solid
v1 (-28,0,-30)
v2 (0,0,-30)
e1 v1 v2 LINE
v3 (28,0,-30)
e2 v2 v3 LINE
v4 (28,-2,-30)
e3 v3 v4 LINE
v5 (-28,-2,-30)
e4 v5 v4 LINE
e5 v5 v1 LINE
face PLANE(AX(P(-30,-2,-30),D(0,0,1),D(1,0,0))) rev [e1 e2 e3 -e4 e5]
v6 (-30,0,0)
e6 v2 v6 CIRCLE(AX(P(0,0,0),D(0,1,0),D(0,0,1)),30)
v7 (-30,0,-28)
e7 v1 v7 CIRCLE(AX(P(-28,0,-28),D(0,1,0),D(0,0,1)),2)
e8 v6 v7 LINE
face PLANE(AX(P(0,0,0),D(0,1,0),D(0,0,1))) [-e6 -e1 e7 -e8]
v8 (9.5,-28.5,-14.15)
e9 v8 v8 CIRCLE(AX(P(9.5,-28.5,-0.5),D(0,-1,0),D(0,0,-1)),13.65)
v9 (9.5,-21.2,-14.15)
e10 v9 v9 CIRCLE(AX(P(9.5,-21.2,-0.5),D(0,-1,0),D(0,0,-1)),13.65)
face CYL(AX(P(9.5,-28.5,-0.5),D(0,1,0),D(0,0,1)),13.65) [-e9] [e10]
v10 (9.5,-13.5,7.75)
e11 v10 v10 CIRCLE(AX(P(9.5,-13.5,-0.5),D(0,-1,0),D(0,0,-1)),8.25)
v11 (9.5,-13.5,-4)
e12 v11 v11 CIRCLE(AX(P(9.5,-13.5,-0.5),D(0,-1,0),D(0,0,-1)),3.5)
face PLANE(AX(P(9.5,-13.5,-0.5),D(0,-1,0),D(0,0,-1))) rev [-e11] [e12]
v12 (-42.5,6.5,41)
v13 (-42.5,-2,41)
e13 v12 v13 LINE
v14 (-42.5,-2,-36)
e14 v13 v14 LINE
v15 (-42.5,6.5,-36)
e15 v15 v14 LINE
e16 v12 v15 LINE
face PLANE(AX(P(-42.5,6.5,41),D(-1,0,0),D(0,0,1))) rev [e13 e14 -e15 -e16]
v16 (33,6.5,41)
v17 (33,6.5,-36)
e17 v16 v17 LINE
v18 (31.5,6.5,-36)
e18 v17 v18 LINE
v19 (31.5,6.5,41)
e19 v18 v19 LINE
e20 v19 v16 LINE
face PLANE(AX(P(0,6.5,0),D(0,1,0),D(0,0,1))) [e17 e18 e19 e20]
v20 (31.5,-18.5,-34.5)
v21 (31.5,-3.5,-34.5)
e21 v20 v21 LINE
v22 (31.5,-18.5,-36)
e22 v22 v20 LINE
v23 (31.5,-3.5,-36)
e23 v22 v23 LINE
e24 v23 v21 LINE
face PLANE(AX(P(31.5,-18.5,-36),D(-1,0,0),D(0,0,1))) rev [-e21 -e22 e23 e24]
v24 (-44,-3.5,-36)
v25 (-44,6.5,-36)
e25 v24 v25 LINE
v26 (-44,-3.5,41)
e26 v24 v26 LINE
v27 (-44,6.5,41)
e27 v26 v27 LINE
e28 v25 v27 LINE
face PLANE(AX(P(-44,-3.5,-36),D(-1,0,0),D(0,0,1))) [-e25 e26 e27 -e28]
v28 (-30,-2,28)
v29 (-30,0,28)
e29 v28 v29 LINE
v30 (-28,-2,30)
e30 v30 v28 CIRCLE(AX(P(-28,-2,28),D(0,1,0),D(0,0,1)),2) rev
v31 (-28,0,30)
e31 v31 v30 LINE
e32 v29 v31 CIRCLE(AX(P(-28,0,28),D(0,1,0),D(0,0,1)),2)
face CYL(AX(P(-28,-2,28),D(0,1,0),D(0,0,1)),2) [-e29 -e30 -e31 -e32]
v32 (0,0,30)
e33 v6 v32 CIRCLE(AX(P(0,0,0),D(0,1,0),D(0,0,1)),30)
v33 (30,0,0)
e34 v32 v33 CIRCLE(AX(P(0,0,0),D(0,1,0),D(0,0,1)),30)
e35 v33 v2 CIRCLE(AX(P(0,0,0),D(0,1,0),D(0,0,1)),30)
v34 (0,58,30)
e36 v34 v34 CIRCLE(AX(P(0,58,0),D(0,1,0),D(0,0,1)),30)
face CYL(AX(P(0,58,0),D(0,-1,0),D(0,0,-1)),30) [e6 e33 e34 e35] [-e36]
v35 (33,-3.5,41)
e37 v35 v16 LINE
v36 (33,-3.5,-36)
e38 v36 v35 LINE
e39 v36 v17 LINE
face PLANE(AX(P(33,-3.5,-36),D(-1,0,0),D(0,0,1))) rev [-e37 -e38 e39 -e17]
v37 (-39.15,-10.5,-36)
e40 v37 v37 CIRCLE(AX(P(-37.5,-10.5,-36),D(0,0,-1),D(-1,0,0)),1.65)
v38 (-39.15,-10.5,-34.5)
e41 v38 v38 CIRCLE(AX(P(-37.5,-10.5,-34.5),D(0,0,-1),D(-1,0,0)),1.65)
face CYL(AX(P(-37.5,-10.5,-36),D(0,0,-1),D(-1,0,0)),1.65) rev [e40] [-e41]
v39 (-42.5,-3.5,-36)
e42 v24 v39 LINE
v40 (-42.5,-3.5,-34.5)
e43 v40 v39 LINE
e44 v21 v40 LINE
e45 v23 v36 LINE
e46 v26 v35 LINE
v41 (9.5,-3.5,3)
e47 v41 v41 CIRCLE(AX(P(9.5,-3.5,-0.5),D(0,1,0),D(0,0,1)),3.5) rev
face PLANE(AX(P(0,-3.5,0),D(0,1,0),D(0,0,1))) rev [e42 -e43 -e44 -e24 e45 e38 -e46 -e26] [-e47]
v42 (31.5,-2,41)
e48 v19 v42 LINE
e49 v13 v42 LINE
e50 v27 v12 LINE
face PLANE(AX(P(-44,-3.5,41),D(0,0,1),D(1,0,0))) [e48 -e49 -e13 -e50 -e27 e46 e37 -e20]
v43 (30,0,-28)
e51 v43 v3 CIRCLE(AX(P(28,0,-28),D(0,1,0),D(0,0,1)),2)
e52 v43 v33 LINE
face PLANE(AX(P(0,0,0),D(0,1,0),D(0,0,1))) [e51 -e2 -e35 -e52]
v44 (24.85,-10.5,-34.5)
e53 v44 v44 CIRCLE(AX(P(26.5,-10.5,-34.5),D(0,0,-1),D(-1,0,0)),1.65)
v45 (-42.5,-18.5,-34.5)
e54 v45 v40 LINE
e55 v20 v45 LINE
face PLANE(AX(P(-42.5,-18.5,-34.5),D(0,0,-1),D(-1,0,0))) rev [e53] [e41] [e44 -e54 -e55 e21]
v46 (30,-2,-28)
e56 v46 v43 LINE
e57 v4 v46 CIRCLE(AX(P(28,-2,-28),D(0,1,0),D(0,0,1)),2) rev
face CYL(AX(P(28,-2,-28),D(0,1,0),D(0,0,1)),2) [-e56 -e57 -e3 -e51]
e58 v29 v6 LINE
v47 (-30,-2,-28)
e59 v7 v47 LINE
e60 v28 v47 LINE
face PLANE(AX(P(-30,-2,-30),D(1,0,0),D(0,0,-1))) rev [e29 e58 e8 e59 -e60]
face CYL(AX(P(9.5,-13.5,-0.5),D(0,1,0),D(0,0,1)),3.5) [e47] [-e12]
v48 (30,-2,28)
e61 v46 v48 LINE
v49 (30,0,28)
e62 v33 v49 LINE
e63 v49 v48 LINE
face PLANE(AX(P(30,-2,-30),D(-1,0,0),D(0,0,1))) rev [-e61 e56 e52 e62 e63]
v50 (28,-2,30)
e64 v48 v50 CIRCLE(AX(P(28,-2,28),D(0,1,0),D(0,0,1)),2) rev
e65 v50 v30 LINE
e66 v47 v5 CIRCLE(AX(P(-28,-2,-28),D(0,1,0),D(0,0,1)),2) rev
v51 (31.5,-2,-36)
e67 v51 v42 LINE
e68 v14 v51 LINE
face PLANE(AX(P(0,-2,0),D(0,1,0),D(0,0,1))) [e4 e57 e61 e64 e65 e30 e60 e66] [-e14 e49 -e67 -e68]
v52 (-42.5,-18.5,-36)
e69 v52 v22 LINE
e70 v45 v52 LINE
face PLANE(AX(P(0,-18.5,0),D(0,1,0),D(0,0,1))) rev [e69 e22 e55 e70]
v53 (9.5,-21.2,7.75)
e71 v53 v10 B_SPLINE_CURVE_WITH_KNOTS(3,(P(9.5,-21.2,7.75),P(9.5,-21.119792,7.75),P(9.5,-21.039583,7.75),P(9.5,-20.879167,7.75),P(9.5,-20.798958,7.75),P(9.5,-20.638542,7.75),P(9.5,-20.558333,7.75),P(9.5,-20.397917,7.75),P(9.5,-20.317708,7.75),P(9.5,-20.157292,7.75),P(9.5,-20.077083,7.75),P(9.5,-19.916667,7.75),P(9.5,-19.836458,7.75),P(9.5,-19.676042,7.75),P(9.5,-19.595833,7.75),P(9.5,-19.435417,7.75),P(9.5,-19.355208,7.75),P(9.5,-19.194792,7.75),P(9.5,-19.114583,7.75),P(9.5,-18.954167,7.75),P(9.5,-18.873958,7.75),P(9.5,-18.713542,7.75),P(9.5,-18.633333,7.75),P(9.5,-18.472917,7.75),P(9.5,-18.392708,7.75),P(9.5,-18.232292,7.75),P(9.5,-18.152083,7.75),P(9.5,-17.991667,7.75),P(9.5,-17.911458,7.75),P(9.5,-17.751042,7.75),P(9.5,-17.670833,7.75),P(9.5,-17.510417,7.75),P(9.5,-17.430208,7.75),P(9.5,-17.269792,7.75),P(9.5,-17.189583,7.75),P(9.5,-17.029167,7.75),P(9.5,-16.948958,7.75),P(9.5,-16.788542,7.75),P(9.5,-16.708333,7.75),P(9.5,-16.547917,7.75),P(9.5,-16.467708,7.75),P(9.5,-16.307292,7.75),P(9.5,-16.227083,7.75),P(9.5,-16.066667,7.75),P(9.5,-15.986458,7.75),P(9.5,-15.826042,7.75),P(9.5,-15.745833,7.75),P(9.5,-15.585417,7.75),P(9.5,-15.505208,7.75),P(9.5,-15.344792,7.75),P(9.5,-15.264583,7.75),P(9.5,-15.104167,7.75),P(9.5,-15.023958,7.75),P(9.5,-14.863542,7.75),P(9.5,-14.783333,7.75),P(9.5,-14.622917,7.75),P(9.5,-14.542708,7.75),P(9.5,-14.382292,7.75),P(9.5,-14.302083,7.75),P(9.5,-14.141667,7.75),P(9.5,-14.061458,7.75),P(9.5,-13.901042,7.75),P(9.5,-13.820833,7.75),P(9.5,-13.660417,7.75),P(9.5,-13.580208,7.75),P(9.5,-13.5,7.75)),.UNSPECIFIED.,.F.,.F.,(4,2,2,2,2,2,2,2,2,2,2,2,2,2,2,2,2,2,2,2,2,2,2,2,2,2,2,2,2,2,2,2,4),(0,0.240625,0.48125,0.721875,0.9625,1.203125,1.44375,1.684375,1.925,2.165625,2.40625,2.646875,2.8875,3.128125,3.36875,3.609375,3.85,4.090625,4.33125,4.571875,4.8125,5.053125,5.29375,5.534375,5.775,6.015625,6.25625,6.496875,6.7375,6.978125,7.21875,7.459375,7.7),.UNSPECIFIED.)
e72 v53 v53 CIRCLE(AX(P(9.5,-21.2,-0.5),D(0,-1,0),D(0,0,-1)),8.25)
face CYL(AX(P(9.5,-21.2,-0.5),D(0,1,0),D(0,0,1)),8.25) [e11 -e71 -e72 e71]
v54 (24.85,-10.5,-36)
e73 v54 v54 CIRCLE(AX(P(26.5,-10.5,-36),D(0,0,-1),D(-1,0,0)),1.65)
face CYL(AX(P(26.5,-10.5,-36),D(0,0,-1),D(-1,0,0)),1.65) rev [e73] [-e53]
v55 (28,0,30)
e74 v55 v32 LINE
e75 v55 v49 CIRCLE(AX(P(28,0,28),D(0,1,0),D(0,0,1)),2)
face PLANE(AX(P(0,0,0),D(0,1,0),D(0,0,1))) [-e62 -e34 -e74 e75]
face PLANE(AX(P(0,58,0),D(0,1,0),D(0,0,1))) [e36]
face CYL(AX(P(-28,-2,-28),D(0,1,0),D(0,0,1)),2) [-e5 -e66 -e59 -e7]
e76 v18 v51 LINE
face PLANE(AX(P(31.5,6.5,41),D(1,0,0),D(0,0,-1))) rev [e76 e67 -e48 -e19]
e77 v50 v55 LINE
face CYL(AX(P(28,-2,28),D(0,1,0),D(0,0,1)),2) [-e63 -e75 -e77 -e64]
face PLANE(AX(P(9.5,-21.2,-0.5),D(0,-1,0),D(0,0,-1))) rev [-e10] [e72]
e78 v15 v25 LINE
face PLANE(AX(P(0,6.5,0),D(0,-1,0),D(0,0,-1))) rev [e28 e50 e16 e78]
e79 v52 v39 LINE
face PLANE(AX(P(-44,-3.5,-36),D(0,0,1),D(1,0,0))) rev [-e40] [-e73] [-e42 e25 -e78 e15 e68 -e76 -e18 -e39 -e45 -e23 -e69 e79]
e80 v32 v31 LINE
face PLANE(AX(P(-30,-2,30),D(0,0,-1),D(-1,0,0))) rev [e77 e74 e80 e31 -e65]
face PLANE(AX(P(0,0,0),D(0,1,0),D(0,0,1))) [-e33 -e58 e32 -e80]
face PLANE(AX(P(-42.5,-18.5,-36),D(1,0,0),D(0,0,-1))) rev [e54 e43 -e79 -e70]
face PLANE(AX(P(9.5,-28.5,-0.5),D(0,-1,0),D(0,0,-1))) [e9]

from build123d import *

# Parameters (mm, degrees)
SKETCH_1_R        = 30
EXTRUDE_1_DEPTH   = 58
SKETCH_2_W        = 60
SKETCH_2_H        = 60
EXTRUDE_2_DEPTH   = 2
FILLET_1_R        = 2
SKETCH_3_W        = 77
SKETCH_3_H        = 77
EXTRUDE_3_DEPTH   = 1.5
SKETCH_4_W        = 1.5
SKETCH_4_H        = 77
EXTRUDE_4_DEPTH   = 8.5
SKETCH_5_W        = 74
SKETCH_5_H        = 1.5
EXTRUDE_5_DEPTH   = 15
SKETCH_6_R        = 3.5
EXTRUDE_6_DEPTH   = 10
SKETCH_7_R        = 8.25
EXTRUDE_7_DEPTH   = 7.7
SKETCH_8_R        = 13.65
EXTRUDE_8_DEPTH   = 7.3
HOLE_WIZARD_M41_D = 3.3


with BuildPart() as part:
    # Эскиз1 → Бобышка-Вытянуть1 (new body)
    with BuildSketch(Plane(origin=(0, 0, 0), x_dir=(1, 0, 0), z_dir=(0, 1, 0))):
        with Locations(Location((0, 0, 0), (0, 0, 90))):
            Circle(SKETCH_1_R)
    extrude(amount=EXTRUDE_1_DEPTH)

    # Эскиз2 → Бобышка-Вытянуть2 (add)
    with BuildSketch(Plane.XZ):
        Rectangle(SKETCH_2_W, SKETCH_2_H)
    extrude(amount=EXTRUDE_2_DEPTH)

    # Скругление1
    fillet_1_edges = [part.edges().sort_by_distance(p)[0] for p in [
        (30, -1, -30),
        (30, -1, 30),
        (-30, -1, 30),
        (-30, -1, -30),
    ]]
    fillet(fillet_1_edges, radius=FILLET_1_R)

    # Эскиз3 → Бобышка-Вытянуть3 (add)
    with BuildSketch(Plane.XZ.offset(2)):
        with Locations((-5.5, 2.5)):
            Rectangle(SKETCH_3_W, SKETCH_3_H)
    extrude(amount=EXTRUDE_3_DEPTH)

    # Эскиз4 → Бобышка-Вытянуть4 (add)
    with BuildSketch(Plane(origin=(0, -2, 0), x_dir=(1, 0, 0), z_dir=(0, 1, 0))):
        with Locations((32.25, -2.5)):
            Rectangle(SKETCH_4_W, SKETCH_4_H)
        with Locations((-43.25, -2.5)):
            Rectangle(SKETCH_4_W, SKETCH_4_H)
    extrude(amount=EXTRUDE_4_DEPTH)

    # Эскиз5 → Бобышка-Вытянуть5 (add)
    with BuildSketch(Plane.XZ.offset(3.5)):
        with Locations((-5.5, -35.25)):
            Rectangle(SKETCH_5_W, SKETCH_5_H)
    extrude(amount=EXTRUDE_5_DEPTH)

    # Эскиз6 → Бобышка-Вытянуть6 (add)
    with BuildSketch(Plane.XZ.offset(3.5)):
        with Locations(Location((9.5, -0.5, 0), (0, 0, 90))):
            Circle(SKETCH_6_R)
    extrude(amount=EXTRUDE_6_DEPTH)

    # Эскиз7 → Бобышка-Вытянуть7 (add)
    with BuildSketch(Plane.XZ.offset(13.5)):
        with Locations(Location((9.5, -0.5, 0), (0, 0, 90))):
            Circle(SKETCH_7_R)
    extrude(amount=EXTRUDE_7_DEPTH)

    # Эскиз8 → Бобышка-Вытянуть8 (add)
    with BuildSketch(Plane.XZ.offset(21.2)):
        with Locations(Location((9.5, -0.5, 0), (0, 0, 270))):
            Circle(SKETCH_8_R)
    extrude(amount=EXTRUDE_8_DEPTH)

    # Отверстие обработанное метчиком M41 (through all)
    with Locations(Plane(origin=(0, 0, -36), x_dir=(-1, 0, 0), z_dir=(0, 0, -1))):
        with Locations((37.5, -10.5), (-26.5, -10.5)):
            Hole(HOLE_WIZARD_M41_D / 2)


solid = part.part
